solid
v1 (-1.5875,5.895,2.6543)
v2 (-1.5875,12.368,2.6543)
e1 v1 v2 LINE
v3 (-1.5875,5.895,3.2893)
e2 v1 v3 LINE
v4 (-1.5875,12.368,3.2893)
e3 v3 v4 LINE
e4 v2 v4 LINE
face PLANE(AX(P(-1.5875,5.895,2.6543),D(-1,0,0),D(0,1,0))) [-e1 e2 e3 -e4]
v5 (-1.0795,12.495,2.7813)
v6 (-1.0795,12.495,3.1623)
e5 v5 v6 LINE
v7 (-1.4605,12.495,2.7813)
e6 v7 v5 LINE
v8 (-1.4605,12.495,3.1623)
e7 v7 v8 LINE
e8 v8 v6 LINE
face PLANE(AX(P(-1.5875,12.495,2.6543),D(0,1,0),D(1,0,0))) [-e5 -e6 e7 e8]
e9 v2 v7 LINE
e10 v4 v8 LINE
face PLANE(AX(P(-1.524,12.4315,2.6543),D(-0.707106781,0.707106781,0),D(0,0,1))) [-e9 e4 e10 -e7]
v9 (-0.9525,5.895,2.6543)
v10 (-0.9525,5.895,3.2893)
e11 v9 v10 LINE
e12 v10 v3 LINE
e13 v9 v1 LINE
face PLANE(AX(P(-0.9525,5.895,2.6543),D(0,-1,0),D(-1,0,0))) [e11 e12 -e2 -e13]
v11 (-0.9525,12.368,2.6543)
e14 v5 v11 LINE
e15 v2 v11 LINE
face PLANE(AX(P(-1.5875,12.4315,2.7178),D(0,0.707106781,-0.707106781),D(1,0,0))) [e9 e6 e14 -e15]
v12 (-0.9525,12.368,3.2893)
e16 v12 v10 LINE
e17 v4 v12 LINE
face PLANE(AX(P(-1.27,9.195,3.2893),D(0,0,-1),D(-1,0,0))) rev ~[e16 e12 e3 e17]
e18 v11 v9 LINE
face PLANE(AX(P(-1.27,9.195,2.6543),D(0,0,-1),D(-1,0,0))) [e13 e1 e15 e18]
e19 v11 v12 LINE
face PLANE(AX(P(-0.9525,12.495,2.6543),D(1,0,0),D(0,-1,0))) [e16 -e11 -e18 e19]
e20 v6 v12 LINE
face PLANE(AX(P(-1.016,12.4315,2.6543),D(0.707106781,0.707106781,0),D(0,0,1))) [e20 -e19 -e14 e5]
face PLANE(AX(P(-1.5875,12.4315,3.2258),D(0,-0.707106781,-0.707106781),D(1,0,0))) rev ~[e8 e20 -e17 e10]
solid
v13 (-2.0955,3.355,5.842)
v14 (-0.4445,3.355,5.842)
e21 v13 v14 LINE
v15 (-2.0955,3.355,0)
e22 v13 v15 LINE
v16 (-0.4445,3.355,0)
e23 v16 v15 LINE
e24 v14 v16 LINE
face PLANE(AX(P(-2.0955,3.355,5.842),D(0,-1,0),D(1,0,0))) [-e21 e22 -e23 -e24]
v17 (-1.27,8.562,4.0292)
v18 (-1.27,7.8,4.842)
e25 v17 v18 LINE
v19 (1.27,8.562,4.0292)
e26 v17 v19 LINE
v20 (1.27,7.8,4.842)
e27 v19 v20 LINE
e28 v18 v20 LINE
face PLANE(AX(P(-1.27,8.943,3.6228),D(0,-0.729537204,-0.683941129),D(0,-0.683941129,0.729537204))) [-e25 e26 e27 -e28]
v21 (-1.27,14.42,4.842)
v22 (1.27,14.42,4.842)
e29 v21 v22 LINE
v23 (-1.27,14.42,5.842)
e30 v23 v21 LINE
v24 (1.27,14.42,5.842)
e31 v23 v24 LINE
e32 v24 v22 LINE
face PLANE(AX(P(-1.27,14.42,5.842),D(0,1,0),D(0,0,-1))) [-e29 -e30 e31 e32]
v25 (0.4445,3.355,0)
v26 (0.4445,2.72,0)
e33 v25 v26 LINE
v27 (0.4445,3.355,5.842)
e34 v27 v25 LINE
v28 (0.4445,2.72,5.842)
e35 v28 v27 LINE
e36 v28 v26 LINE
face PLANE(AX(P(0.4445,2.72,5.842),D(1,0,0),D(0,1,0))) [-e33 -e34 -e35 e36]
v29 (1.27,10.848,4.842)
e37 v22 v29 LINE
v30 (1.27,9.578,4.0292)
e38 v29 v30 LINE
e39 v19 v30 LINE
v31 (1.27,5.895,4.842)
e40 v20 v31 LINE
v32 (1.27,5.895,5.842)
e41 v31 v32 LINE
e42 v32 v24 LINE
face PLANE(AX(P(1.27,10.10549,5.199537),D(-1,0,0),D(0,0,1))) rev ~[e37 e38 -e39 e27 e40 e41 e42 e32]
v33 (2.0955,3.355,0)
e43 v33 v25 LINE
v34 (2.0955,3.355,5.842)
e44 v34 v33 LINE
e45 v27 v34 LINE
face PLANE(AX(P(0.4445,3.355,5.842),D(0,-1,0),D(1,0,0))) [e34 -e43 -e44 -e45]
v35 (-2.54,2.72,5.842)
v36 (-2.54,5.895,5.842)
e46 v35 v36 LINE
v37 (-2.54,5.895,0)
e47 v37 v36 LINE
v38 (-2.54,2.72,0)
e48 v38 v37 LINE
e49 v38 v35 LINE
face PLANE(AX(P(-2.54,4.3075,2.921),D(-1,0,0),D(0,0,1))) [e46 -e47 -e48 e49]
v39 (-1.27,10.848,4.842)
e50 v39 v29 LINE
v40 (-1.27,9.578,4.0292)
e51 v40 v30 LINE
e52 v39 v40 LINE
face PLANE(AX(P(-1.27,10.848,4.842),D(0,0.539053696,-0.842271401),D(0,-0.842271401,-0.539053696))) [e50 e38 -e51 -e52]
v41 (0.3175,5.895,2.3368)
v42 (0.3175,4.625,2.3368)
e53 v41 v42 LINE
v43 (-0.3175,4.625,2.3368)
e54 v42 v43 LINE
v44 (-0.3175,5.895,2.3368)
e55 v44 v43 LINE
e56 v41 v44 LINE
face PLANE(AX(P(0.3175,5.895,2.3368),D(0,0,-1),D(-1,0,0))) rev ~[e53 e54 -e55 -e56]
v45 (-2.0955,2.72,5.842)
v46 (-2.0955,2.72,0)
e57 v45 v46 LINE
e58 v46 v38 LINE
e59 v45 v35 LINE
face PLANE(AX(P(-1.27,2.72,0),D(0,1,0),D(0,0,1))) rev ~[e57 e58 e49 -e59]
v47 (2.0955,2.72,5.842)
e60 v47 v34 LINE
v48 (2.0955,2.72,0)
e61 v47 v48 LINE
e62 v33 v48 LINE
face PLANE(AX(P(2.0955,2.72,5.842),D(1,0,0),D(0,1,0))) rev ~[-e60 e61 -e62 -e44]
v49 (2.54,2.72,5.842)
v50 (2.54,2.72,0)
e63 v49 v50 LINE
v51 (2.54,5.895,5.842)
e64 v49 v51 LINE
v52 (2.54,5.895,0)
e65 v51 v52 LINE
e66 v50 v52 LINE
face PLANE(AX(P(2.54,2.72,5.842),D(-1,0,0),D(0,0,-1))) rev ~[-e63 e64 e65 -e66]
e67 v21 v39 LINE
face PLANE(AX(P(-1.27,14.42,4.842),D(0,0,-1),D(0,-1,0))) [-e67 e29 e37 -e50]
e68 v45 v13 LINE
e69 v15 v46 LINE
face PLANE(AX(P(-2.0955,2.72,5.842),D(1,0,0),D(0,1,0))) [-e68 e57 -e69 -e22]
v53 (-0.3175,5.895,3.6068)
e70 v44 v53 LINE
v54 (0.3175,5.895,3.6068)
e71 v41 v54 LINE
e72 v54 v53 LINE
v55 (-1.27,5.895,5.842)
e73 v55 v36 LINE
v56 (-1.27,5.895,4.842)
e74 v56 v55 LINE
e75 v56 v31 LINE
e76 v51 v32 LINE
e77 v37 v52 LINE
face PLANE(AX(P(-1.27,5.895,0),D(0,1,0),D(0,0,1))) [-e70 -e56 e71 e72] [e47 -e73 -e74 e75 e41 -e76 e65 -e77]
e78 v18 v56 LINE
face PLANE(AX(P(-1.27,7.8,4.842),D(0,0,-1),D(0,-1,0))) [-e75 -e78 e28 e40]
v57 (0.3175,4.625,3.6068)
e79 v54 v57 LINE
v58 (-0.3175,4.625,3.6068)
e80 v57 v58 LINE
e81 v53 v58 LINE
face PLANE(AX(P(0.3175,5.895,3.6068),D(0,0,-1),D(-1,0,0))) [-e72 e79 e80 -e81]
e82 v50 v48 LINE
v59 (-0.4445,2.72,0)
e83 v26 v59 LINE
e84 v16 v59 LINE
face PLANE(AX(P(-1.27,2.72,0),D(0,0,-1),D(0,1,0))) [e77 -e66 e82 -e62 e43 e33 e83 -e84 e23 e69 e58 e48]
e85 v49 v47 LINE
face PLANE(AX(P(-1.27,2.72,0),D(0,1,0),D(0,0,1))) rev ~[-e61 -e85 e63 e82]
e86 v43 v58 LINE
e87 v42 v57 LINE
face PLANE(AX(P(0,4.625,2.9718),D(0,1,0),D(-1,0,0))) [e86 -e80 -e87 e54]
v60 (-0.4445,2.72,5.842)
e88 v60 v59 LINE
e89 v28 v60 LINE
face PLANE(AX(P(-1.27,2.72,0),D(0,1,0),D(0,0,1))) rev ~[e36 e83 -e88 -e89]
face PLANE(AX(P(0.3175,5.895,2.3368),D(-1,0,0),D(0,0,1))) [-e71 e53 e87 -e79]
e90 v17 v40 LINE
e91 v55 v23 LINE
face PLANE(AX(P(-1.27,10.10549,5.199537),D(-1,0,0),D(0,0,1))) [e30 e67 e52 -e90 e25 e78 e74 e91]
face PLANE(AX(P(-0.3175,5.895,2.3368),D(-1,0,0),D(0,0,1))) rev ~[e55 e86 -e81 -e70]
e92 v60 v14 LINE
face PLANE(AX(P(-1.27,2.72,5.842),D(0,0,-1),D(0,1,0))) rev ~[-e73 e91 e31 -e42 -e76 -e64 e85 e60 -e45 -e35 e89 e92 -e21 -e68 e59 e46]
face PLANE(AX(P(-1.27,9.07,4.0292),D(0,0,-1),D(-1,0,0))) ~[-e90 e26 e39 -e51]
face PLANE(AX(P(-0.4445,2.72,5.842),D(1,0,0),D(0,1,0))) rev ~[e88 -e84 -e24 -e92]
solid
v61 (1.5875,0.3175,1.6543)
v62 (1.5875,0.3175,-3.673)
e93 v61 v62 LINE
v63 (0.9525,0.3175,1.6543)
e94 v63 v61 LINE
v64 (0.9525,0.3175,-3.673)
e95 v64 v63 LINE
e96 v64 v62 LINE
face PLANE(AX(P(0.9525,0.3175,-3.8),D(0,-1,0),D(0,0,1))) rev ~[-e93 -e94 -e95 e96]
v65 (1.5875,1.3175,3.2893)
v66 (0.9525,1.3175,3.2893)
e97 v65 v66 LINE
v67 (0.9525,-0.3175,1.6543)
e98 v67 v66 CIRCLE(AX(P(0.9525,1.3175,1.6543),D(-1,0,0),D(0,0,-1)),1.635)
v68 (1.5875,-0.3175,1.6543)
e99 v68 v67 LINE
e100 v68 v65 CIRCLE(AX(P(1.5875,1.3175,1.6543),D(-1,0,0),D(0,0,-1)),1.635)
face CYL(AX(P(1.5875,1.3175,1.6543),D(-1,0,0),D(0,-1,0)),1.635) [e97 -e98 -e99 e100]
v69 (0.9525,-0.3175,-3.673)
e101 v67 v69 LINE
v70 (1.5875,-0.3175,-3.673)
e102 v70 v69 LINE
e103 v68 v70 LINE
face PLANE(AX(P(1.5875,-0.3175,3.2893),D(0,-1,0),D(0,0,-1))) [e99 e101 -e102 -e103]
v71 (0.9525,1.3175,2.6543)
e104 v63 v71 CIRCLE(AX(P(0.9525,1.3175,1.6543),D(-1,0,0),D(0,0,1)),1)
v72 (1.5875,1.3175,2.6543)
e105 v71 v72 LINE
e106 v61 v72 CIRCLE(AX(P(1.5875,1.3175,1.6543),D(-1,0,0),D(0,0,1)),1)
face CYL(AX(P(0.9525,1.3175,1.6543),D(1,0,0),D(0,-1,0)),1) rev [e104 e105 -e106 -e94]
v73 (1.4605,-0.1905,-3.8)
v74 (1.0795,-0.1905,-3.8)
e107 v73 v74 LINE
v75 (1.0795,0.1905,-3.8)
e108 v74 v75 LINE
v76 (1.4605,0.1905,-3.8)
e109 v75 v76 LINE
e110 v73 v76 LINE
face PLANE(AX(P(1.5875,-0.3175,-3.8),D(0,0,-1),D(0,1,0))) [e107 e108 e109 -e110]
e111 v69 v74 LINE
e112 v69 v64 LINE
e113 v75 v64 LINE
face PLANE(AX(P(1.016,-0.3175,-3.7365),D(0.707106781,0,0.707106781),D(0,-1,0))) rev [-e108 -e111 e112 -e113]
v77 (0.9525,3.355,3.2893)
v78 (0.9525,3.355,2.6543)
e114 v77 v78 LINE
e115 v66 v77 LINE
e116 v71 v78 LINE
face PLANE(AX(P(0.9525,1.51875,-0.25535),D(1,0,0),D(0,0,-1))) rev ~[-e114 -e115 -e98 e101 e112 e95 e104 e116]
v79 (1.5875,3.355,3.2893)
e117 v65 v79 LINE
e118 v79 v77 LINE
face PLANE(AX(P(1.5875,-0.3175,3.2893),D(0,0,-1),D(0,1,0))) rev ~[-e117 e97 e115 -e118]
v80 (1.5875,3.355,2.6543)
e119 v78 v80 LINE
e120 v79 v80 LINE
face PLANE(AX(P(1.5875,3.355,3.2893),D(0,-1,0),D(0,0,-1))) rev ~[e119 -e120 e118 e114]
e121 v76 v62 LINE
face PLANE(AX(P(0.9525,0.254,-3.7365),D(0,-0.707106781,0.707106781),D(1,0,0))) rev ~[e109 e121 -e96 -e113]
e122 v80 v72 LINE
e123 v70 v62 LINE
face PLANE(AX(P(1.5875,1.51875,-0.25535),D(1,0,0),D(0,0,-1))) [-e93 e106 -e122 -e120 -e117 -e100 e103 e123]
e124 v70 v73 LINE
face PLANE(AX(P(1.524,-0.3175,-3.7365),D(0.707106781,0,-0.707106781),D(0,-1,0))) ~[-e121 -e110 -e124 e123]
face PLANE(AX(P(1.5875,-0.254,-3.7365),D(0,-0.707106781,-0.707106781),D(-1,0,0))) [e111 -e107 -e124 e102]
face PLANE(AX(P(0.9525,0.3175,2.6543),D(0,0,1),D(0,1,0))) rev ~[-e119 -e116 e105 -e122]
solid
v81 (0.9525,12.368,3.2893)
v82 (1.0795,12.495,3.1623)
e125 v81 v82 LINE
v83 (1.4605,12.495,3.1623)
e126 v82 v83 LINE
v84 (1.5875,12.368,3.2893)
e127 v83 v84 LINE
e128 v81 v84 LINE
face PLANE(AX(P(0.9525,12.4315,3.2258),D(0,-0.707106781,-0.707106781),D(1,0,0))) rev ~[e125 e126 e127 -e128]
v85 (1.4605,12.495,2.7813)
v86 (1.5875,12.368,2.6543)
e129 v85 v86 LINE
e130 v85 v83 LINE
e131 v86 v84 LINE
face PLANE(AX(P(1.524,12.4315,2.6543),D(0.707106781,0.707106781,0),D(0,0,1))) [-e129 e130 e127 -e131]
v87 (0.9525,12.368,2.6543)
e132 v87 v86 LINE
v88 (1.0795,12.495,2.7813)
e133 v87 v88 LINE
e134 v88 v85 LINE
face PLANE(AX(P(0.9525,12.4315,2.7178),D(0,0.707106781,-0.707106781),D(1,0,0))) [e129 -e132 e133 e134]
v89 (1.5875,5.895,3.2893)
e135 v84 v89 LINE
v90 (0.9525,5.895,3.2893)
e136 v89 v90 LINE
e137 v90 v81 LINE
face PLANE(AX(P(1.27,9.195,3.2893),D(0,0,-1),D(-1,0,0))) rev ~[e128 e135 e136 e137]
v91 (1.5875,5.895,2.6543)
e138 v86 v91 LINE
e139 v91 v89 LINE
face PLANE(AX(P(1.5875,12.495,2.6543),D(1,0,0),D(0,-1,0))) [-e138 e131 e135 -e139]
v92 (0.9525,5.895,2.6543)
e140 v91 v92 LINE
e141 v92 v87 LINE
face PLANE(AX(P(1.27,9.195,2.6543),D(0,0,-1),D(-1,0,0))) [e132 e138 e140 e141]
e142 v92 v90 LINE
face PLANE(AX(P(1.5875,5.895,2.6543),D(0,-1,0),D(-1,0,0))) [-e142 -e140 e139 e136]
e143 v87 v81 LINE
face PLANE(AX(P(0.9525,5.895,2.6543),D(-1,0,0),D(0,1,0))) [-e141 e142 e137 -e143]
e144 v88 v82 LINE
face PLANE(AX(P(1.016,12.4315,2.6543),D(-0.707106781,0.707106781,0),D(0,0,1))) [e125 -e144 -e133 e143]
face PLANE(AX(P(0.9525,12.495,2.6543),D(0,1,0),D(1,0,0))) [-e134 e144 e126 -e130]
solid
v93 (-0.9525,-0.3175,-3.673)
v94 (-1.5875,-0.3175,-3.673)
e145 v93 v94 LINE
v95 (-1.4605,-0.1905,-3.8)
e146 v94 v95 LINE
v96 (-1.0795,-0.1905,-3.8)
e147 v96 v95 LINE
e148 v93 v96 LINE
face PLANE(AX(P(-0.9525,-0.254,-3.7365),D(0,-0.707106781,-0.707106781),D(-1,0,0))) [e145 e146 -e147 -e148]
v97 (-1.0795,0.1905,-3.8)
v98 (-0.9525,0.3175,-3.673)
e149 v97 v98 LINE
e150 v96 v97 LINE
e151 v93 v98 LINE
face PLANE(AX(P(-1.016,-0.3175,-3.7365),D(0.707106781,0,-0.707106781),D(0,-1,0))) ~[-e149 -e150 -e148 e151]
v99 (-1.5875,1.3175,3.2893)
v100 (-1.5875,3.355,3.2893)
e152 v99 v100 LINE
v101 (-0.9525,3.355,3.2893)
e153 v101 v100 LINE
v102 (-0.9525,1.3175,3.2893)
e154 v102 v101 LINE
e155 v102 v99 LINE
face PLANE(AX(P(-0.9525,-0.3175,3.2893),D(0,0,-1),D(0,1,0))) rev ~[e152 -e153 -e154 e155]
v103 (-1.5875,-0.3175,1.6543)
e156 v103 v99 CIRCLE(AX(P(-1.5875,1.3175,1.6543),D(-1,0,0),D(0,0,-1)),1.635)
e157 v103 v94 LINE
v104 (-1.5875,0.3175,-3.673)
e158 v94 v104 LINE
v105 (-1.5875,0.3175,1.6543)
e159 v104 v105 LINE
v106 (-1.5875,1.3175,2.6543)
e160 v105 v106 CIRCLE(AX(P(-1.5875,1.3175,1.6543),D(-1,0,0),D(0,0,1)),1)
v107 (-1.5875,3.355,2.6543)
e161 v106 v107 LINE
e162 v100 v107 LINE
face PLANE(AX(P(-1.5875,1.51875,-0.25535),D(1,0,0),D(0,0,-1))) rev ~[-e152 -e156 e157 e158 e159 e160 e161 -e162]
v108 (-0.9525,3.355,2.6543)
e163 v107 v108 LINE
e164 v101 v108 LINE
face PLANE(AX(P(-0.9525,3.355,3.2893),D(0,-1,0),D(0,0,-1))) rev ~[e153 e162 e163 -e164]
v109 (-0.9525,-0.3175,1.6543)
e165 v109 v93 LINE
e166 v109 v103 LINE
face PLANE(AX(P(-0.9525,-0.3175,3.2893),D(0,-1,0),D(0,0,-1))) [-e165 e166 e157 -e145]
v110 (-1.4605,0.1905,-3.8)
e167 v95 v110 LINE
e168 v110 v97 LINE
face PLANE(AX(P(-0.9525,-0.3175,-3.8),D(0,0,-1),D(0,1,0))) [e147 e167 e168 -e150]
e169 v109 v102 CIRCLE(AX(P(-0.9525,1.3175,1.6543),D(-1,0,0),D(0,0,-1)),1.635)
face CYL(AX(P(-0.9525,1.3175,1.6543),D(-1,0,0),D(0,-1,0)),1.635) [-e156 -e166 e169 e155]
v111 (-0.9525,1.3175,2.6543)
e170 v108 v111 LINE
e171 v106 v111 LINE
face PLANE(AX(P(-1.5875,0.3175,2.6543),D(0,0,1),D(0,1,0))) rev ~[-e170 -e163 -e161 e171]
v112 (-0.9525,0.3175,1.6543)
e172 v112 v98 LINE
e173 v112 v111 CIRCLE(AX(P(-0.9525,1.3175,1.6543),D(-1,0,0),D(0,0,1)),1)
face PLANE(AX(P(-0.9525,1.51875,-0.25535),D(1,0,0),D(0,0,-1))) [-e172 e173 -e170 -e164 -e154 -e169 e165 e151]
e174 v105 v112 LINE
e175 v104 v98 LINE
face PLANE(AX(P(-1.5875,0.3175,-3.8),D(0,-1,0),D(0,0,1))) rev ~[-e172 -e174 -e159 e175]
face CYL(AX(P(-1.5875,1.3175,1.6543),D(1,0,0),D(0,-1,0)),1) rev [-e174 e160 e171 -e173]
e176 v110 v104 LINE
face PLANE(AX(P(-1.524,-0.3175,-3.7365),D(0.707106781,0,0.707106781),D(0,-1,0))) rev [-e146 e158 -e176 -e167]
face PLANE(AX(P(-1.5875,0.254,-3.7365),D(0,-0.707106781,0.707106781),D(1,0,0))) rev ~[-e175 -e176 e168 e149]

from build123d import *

# Parameters (mm, degrees)
SKETCH68_W           = 7.0893
SKETCH68_H           = 3.6725
BOSS_EXTRUDE17_DEPTH = 0.635
SKETCH69_W           = 6.4543
SKETCH69_H           = 3.0375
CUT_EXTRUDE12_DEPTH  = 1.635
CHAMFER15_SIZE       = 0.127
FILLET17_R           = 1
FILLET18_R           = 1.635
SKETCH74_W           = 7.0893
SKETCH74_H           = 3.6725
BOSS_EXTRUDE18_DEPTH = 0.635
SKETCH75_W           = 6.4543
SKETCH75_H           = 3.0375
CUT_EXTRUDE13_DEPTH  = 4.175
CHAMFER16_SIZE       = 0.127
FILLET19_R           = 1
FILLET20_R           = 1.635
BOSS_EXTRUDE19_DEPTH = 0.635
CHAMFER17_SIZE       = 0.127
BOSS_EXTRUDE20_DEPTH = 0.635
CHAMFER18_SIZE       = 0.127
SKETCH95_W           = 3.81
SKETCH95_H           = 5.842
BOSS_EXTRUDE21_DEPTH = 3.175
BOSS_EXTRUDE22_DEPTH = 2.54
SKETCH104_W          = 5.842
SKETCH104_H          = 3.175
BOSS_EXTRUDE23_DEPTH = 1.27
SKETCH105_W          = 1.651
SKETCH105_H          = 0.635
CUT_EXTRUDE14_DEPTH  = 10.642
SKETCH106_W          = 1.651
SKETCH106_H          = 0.635
CUT_EXTRUDE15_DEPTH  = 10.642
SKETCH107_W          = 0.635
SKETCH107_H          = 1.27
CUT_EXTRUDE16_DEPTH  = 1.27
CHAMFER19_SIZE       = 0.55706549
CHAMFER19_SIZE2      = 0.753913762


with BuildPart() as part:
    # Sketch68 → Boss-Extrude17 (new body)
    with BuildSketch(Plane(origin=(1.5875, 0, 0), x_dir=(0, 0, -1), z_dir=(1, 0, 0))):
        with Locations((0.25535, 1.518750008)):
            Rectangle(SKETCH68_W, SKETCH68_H)
    extrude(amount=-BOSS_EXTRUDE17_DEPTH)

    # Sketch69 → Cut-Extrude12 (cut, through all)
    with BuildSketch(Plane.ZY.offset(-0.9525)):
        with Locations((-0.57285, 1.836250008)):
            Rectangle(SKETCH69_W, SKETCH69_H)
    extrude(amount=-CUT_EXTRUDE12_DEPTH, mode=Mode.SUBTRACT)

    # Chamfer15
    chamfer15_edges = [part.edges().sort_by_distance(p)[0] for p in [
        (1.27, 0.317500008, -3.8),
        (1.5875, 8e-09, -3.8),
        (1.27, -0.317499992, -3.8),
        (0.9525, 8e-09, -3.8),
    ]]
    chamfer(chamfer15_edges, length=CHAMFER15_SIZE)

    # Fillet17
    fillet17_edges = [part.edges().sort_by_distance(p)[0] for p in [
        (1.27, 0.317500008, 2.6543),
    ]]
    fillet(fillet17_edges, radius=FILLET17_R)

    # Fillet18
    fillet18_edges = [part.edges().sort_by_distance(p)[0] for p in [
        (1.27, -0.317499992, 3.2893),
    ]]
    fillet(fillet18_edges, radius=FILLET18_R)


with BuildPart() as body_2:
    # Sketch74 → Boss-Extrude18 (new body)
    with BuildSketch(Plane(origin=(-0.9525, 0, 0), x_dir=(0, 0, -1), z_dir=(1, 0, 0))):
        with Locations((0.25535, 1.518750008)):
            Rectangle(SKETCH74_W, SKETCH74_H)
    extrude(amount=-BOSS_EXTRUDE18_DEPTH)

    # Sketch75 → Cut-Extrude13 (cut, through all)
    with BuildSketch(Plane.ZY.offset(1.5875)):
        with Locations((-0.57285, 1.836250008)):
            Rectangle(SKETCH75_W, SKETCH75_H)
    extrude(amount=-CUT_EXTRUDE13_DEPTH, mode=Mode.SUBTRACT)

    # Chamfer16
    chamfer16_edges = [body_2.edges().sort_by_distance(p)[0] for p in [
        (-1.27, 0.317500008, -3.8),
        (-0.9525, 8e-09, -3.8),
        (-1.27, -0.317499992, -3.8),
        (-1.5875, 8e-09, -3.8),
    ]]
    chamfer(chamfer16_edges, length=CHAMFER16_SIZE)

    # Fillet19
    fillet19_edges = [body_2.edges().sort_by_distance(p)[0] for p in [
        (-1.27, 0.317500008, 2.6543),
    ]]
    fillet(fillet19_edges, radius=FILLET19_R)

    # Fillet20
    fillet20_edges = [body_2.edges().sort_by_distance(p)[0] for p in [
        (-1.27, -0.317499992, 3.2893),
    ]]
    fillet(fillet20_edges, radius=FILLET20_R)


with BuildPart() as body_3:
    # Sketch81 → Boss-Extrude19 (new body)
    with BuildSketch(Plane(origin=(0, 0, 2.6543), x_dir=(-1, 0, 0), z_dir=(0, 0, -1))):
        Polygon((-0.9525, 5.895000008), (-0.9525, 12.368000008), (-0.9525, 12.495000008), (-1.5875, 12.495000008), (-1.5875, 12.368000008), (-1.5875, 5.895000008), align=None)
    extrude(amount=-BOSS_EXTRUDE19_DEPTH)

    # Chamfer17
    chamfer17_edges = [body_3.edges().sort_by_distance(p)[0] for p in [
        (1.5875, 12.495000008, 2.9718),
        (0.9525, 12.495000008, 2.9718),
        (1.27, 12.495000008, 3.2893),
        (1.27, 12.495000008, 2.6543),
    ]]
    chamfer(chamfer17_edges, length=CHAMFER17_SIZE)


with BuildPart() as body_4:
    # Sketch88 → Boss-Extrude20 (new body)
    with BuildSketch(Plane(origin=(0, 0, 2.6543), x_dir=(-1, 0, 0), z_dir=(0, 0, -1))):
        Polygon((1.5875, 5.895000008), (1.5875, 12.368000008), (1.5875, 12.495000008), (0.9525, 12.495000008), (0.9525, 12.368000008), (0.9525, 5.895000008), align=None)
    extrude(amount=-BOSS_EXTRUDE20_DEPTH)

    # Chamfer18
    chamfer18_edges = [body_4.edges().sort_by_distance(p)[0] for p in [
        (-0.9525, 12.495000008, 2.9718),
        (-1.5875, 12.495000008, 2.9718),
        (-1.27, 12.495000008, 3.2893),
        (-1.27, 12.495000008, 2.6543),
    ]]
    chamfer(chamfer18_edges, length=CHAMFER18_SIZE)


with BuildPart() as body_5:
    # Sketch95 → Boss-Extrude21 (new body)
    with BuildSketch(Plane(origin=(0, 2.720000008, 0), x_dir=(-1, 0, 0), z_dir=(0, -1, 0))):
        with Locations((-0.635, -2.921)):
            Rectangle(SKETCH95_W, SKETCH95_H)
    extrude(amount=-BOSS_EXTRUDE21_DEPTH)

    # Sketch103 → Boss-Extrude22 (add)
    with BuildSketch(Plane.ZY.offset(1.27)):
        Polygon((4.842, 7.800000008), (4.842, 5.895000008), (5.842, 5.895000008), (5.842, 14.420000008), (4.842, 14.420000008), (4.842, 10.848000008), (3.6228, 8.943000008), align=None)
    extrude(amount=-BOSS_EXTRUDE22_DEPTH)

    # Sketch104 → Boss-Extrude23 (add)
    with BuildSketch(Plane.ZY.offset(1.27)):
        with Locations((2.921, 4.307500008)):
            Rectangle(SKETCH104_W, SKETCH104_H)
    extrude(amount=BOSS_EXTRUDE23_DEPTH)

    # Sketch105 → Cut-Extrude14 (cut, through all)
    with BuildSketch(Plane.XY.offset(5.842)):
        with Locations((1.27, 3.037500008)):
            Rectangle(SKETCH105_W, SKETCH105_H)
    extrude(amount=-CUT_EXTRUDE14_DEPTH, mode=Mode.SUBTRACT)

    # Sketch106 → Cut-Extrude15 (cut, through all)
    with BuildSketch(Plane.XY.offset(5.842)):
        with Locations((-1.27, 3.037500008)):
            Rectangle(SKETCH106_W, SKETCH106_H)
    extrude(amount=-CUT_EXTRUDE15_DEPTH, mode=Mode.SUBTRACT)

    # Sketch107 → Cut-Extrude16 (cut)
    with BuildSketch(Plane(origin=(0, 5.895000008, 0), x_dir=(-1, 0, 0), z_dir=(0, 1, 0))):
        with Locations((0, 2.9718)):
            Rectangle(SKETCH107_W, SKETCH107_H)
    extrude(amount=-CUT_EXTRUDE16_DEPTH, mode=Mode.SUBTRACT)

    # Chamfer19
    chamfer19_edges = [body_5.edges().sort_by_distance(p)[0] for p in [
        (0, 8.943000008, 3.6228),
    ]]
    chamfer19_side = [body_5.faces().sort_by_distance(p)[0] for p in [
        (0, 8.371500008, 4.2324),
    ]]
    chamfer(chamfer19_edges, length=CHAMFER19_SIZE, length2=CHAMFER19_SIZE2, reference=chamfer19_side[0])


solid = Compound([part.part, body_2.part, body_3.part, body_4.part, body_5.part])
